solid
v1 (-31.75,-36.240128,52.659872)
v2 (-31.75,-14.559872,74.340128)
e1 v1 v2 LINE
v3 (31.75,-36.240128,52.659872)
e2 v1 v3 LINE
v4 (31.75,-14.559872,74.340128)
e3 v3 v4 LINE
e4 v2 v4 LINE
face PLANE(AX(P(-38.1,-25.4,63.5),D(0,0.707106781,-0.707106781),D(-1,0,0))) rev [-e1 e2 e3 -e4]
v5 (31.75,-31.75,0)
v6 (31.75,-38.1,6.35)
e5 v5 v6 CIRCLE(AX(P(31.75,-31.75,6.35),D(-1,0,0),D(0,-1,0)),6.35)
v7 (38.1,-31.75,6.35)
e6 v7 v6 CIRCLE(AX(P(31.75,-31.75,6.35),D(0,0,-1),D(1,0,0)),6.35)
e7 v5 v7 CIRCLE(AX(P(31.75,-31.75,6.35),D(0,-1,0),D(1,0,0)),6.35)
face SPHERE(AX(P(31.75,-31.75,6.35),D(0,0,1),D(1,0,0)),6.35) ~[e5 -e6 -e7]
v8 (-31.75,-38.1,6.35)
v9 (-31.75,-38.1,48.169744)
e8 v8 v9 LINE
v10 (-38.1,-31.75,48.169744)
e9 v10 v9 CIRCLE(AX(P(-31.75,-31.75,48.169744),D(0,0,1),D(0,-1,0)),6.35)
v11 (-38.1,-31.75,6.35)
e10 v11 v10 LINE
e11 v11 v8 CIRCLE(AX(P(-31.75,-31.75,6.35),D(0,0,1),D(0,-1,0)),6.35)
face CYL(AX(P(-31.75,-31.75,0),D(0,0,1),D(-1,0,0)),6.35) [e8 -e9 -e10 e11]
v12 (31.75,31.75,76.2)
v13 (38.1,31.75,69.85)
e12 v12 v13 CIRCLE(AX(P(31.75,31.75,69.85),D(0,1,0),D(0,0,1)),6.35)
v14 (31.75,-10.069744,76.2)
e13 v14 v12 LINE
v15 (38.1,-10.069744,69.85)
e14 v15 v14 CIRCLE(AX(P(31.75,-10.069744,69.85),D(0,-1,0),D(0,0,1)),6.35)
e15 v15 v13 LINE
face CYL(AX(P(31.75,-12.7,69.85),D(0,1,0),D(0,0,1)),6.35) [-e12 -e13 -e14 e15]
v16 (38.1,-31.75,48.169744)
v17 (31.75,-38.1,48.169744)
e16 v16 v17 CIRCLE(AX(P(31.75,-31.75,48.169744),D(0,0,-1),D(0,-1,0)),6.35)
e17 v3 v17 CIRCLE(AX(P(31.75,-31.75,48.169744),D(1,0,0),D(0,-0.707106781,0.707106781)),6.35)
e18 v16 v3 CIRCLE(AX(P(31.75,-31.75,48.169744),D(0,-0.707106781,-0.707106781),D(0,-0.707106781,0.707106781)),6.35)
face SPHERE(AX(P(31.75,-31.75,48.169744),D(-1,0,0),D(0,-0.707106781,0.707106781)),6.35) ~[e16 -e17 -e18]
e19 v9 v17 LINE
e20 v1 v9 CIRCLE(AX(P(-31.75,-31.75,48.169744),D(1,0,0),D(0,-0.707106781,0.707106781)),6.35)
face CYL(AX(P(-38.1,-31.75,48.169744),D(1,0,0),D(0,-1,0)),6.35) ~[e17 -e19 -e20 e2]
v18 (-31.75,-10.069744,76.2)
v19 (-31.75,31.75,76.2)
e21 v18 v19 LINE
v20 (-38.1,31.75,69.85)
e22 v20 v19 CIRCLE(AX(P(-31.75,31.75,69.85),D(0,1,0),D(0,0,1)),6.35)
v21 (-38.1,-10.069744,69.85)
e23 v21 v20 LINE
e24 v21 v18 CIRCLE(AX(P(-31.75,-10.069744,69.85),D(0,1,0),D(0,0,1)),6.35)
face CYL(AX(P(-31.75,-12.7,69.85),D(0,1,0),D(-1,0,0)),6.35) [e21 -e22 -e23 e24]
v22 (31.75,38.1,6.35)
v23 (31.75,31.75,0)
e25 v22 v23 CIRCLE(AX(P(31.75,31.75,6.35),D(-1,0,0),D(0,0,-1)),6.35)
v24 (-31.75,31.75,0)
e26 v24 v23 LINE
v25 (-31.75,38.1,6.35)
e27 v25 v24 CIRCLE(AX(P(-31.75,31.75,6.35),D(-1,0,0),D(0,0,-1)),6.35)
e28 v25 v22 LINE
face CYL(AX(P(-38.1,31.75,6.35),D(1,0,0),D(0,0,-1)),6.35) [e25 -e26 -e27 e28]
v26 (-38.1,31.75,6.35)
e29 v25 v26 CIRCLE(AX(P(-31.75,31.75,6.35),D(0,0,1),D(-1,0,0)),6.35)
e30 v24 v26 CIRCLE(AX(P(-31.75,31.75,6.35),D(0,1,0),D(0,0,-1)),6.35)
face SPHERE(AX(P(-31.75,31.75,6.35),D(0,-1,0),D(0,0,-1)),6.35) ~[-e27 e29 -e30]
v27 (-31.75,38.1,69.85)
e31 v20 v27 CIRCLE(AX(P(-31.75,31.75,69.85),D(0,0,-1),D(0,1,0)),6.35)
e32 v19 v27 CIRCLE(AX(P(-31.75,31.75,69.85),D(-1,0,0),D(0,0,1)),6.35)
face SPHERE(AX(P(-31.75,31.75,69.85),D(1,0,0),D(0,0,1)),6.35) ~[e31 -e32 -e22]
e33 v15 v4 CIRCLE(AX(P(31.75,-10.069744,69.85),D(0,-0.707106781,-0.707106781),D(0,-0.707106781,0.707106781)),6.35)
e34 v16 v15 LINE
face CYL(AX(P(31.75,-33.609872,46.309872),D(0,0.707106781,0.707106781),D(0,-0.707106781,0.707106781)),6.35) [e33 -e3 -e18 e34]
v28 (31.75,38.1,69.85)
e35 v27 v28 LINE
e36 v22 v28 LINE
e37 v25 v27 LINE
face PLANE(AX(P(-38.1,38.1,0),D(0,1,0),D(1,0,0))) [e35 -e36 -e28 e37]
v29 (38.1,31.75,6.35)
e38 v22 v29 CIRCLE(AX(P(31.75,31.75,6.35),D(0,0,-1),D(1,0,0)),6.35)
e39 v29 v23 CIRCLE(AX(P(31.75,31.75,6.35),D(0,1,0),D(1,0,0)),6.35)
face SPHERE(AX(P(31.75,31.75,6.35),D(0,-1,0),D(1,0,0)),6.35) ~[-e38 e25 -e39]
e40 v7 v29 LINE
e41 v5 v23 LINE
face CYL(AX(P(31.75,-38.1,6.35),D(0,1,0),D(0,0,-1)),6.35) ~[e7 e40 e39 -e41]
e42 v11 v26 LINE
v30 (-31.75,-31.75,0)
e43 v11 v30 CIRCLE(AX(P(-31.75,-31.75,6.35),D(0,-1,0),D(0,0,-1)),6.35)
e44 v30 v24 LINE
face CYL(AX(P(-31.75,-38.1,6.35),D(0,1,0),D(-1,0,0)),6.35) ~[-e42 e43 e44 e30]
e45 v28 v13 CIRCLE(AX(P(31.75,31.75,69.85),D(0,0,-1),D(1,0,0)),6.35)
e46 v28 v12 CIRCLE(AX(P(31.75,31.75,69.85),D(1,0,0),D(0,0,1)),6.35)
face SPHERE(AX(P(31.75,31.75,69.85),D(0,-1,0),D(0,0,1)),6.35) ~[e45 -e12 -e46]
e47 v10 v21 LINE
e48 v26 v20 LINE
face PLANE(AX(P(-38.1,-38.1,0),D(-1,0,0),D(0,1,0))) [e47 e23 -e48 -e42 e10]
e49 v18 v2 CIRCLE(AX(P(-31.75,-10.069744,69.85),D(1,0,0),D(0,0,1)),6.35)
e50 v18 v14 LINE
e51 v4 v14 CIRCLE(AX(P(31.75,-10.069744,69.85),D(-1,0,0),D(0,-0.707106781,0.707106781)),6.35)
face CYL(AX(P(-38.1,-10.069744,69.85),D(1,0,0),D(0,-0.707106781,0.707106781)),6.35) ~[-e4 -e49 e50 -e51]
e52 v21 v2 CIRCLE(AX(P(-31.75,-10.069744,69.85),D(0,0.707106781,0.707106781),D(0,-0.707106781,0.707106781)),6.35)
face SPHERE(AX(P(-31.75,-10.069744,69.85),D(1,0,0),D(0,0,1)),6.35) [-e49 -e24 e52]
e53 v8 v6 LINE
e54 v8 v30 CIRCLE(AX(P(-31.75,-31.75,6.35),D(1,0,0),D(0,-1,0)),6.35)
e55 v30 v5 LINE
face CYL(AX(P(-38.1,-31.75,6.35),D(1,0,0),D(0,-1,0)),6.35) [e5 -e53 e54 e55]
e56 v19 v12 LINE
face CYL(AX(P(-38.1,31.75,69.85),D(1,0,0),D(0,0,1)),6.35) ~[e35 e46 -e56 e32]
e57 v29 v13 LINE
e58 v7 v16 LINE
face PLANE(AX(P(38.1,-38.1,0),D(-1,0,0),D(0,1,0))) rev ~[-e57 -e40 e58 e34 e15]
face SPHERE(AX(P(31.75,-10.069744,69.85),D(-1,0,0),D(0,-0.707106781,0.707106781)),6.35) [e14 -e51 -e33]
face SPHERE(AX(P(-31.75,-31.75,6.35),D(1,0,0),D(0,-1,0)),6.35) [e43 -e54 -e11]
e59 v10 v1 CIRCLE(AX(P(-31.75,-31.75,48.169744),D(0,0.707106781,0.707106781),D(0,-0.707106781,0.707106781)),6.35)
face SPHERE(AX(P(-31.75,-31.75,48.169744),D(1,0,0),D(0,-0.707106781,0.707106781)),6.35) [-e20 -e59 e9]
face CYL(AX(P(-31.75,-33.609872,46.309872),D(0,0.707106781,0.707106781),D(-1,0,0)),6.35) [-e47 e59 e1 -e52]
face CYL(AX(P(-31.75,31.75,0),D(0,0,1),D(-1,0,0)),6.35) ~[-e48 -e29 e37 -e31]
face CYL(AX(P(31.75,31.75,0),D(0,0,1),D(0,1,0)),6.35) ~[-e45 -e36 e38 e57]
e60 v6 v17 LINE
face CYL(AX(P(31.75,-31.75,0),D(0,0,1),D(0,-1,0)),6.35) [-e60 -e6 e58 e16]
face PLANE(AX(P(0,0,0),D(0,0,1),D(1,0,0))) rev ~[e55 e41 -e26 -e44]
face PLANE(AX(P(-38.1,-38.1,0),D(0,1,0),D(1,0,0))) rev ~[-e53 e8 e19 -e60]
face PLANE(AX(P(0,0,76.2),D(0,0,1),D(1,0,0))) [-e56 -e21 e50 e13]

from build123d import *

# Parameters (mm, degrees)
F0_W     = 76.2
F0_H     = 76.2
F1_DEPTH = 76.2
F2_SIZE  = 25.4
F3_R     = 6.35


with BuildPart() as f1:
    # F0 (on Top) → F1 (new body)
    with BuildSketch(Plane.XY):
        Rectangle(F0_W, F0_H)
    extrude(amount=F1_DEPTH)

    # F2
    f2_edges = [f1.edges().sort_by_distance(p)[0] for p in [
        (0, -38.1, 76.2),
    ]]
    chamfer(f2_edges, length=F2_SIZE)

    # F3
    f3_edges = [f1.edges().sort_by_distance(p)[0] for p in [
        (38.1, 12.7, 76.2),
        (0, 38.1, 76.2),
        (0, -12.7, 76.2),
        (-38.1, 12.7, 76.2),
        (38.1, -38.1, 25.4),
        (38.1, 0, 0),
        (38.1, 38.1, 38.1),
        (0, -38.1, 50.8),
        (38.1, -25.4, 63.5),
        (-38.1, -25.4, 63.5),
        (0, -38.1, 0),
        (-38.1, -38.1, 25.4),
        (-38.1, 0, 0),
        (0, 38.1, 0),
        (-38.1, 38.1, 38.1),
    ]]
    fillet(f3_edges, radius=F3_R)


solid = f1.part
